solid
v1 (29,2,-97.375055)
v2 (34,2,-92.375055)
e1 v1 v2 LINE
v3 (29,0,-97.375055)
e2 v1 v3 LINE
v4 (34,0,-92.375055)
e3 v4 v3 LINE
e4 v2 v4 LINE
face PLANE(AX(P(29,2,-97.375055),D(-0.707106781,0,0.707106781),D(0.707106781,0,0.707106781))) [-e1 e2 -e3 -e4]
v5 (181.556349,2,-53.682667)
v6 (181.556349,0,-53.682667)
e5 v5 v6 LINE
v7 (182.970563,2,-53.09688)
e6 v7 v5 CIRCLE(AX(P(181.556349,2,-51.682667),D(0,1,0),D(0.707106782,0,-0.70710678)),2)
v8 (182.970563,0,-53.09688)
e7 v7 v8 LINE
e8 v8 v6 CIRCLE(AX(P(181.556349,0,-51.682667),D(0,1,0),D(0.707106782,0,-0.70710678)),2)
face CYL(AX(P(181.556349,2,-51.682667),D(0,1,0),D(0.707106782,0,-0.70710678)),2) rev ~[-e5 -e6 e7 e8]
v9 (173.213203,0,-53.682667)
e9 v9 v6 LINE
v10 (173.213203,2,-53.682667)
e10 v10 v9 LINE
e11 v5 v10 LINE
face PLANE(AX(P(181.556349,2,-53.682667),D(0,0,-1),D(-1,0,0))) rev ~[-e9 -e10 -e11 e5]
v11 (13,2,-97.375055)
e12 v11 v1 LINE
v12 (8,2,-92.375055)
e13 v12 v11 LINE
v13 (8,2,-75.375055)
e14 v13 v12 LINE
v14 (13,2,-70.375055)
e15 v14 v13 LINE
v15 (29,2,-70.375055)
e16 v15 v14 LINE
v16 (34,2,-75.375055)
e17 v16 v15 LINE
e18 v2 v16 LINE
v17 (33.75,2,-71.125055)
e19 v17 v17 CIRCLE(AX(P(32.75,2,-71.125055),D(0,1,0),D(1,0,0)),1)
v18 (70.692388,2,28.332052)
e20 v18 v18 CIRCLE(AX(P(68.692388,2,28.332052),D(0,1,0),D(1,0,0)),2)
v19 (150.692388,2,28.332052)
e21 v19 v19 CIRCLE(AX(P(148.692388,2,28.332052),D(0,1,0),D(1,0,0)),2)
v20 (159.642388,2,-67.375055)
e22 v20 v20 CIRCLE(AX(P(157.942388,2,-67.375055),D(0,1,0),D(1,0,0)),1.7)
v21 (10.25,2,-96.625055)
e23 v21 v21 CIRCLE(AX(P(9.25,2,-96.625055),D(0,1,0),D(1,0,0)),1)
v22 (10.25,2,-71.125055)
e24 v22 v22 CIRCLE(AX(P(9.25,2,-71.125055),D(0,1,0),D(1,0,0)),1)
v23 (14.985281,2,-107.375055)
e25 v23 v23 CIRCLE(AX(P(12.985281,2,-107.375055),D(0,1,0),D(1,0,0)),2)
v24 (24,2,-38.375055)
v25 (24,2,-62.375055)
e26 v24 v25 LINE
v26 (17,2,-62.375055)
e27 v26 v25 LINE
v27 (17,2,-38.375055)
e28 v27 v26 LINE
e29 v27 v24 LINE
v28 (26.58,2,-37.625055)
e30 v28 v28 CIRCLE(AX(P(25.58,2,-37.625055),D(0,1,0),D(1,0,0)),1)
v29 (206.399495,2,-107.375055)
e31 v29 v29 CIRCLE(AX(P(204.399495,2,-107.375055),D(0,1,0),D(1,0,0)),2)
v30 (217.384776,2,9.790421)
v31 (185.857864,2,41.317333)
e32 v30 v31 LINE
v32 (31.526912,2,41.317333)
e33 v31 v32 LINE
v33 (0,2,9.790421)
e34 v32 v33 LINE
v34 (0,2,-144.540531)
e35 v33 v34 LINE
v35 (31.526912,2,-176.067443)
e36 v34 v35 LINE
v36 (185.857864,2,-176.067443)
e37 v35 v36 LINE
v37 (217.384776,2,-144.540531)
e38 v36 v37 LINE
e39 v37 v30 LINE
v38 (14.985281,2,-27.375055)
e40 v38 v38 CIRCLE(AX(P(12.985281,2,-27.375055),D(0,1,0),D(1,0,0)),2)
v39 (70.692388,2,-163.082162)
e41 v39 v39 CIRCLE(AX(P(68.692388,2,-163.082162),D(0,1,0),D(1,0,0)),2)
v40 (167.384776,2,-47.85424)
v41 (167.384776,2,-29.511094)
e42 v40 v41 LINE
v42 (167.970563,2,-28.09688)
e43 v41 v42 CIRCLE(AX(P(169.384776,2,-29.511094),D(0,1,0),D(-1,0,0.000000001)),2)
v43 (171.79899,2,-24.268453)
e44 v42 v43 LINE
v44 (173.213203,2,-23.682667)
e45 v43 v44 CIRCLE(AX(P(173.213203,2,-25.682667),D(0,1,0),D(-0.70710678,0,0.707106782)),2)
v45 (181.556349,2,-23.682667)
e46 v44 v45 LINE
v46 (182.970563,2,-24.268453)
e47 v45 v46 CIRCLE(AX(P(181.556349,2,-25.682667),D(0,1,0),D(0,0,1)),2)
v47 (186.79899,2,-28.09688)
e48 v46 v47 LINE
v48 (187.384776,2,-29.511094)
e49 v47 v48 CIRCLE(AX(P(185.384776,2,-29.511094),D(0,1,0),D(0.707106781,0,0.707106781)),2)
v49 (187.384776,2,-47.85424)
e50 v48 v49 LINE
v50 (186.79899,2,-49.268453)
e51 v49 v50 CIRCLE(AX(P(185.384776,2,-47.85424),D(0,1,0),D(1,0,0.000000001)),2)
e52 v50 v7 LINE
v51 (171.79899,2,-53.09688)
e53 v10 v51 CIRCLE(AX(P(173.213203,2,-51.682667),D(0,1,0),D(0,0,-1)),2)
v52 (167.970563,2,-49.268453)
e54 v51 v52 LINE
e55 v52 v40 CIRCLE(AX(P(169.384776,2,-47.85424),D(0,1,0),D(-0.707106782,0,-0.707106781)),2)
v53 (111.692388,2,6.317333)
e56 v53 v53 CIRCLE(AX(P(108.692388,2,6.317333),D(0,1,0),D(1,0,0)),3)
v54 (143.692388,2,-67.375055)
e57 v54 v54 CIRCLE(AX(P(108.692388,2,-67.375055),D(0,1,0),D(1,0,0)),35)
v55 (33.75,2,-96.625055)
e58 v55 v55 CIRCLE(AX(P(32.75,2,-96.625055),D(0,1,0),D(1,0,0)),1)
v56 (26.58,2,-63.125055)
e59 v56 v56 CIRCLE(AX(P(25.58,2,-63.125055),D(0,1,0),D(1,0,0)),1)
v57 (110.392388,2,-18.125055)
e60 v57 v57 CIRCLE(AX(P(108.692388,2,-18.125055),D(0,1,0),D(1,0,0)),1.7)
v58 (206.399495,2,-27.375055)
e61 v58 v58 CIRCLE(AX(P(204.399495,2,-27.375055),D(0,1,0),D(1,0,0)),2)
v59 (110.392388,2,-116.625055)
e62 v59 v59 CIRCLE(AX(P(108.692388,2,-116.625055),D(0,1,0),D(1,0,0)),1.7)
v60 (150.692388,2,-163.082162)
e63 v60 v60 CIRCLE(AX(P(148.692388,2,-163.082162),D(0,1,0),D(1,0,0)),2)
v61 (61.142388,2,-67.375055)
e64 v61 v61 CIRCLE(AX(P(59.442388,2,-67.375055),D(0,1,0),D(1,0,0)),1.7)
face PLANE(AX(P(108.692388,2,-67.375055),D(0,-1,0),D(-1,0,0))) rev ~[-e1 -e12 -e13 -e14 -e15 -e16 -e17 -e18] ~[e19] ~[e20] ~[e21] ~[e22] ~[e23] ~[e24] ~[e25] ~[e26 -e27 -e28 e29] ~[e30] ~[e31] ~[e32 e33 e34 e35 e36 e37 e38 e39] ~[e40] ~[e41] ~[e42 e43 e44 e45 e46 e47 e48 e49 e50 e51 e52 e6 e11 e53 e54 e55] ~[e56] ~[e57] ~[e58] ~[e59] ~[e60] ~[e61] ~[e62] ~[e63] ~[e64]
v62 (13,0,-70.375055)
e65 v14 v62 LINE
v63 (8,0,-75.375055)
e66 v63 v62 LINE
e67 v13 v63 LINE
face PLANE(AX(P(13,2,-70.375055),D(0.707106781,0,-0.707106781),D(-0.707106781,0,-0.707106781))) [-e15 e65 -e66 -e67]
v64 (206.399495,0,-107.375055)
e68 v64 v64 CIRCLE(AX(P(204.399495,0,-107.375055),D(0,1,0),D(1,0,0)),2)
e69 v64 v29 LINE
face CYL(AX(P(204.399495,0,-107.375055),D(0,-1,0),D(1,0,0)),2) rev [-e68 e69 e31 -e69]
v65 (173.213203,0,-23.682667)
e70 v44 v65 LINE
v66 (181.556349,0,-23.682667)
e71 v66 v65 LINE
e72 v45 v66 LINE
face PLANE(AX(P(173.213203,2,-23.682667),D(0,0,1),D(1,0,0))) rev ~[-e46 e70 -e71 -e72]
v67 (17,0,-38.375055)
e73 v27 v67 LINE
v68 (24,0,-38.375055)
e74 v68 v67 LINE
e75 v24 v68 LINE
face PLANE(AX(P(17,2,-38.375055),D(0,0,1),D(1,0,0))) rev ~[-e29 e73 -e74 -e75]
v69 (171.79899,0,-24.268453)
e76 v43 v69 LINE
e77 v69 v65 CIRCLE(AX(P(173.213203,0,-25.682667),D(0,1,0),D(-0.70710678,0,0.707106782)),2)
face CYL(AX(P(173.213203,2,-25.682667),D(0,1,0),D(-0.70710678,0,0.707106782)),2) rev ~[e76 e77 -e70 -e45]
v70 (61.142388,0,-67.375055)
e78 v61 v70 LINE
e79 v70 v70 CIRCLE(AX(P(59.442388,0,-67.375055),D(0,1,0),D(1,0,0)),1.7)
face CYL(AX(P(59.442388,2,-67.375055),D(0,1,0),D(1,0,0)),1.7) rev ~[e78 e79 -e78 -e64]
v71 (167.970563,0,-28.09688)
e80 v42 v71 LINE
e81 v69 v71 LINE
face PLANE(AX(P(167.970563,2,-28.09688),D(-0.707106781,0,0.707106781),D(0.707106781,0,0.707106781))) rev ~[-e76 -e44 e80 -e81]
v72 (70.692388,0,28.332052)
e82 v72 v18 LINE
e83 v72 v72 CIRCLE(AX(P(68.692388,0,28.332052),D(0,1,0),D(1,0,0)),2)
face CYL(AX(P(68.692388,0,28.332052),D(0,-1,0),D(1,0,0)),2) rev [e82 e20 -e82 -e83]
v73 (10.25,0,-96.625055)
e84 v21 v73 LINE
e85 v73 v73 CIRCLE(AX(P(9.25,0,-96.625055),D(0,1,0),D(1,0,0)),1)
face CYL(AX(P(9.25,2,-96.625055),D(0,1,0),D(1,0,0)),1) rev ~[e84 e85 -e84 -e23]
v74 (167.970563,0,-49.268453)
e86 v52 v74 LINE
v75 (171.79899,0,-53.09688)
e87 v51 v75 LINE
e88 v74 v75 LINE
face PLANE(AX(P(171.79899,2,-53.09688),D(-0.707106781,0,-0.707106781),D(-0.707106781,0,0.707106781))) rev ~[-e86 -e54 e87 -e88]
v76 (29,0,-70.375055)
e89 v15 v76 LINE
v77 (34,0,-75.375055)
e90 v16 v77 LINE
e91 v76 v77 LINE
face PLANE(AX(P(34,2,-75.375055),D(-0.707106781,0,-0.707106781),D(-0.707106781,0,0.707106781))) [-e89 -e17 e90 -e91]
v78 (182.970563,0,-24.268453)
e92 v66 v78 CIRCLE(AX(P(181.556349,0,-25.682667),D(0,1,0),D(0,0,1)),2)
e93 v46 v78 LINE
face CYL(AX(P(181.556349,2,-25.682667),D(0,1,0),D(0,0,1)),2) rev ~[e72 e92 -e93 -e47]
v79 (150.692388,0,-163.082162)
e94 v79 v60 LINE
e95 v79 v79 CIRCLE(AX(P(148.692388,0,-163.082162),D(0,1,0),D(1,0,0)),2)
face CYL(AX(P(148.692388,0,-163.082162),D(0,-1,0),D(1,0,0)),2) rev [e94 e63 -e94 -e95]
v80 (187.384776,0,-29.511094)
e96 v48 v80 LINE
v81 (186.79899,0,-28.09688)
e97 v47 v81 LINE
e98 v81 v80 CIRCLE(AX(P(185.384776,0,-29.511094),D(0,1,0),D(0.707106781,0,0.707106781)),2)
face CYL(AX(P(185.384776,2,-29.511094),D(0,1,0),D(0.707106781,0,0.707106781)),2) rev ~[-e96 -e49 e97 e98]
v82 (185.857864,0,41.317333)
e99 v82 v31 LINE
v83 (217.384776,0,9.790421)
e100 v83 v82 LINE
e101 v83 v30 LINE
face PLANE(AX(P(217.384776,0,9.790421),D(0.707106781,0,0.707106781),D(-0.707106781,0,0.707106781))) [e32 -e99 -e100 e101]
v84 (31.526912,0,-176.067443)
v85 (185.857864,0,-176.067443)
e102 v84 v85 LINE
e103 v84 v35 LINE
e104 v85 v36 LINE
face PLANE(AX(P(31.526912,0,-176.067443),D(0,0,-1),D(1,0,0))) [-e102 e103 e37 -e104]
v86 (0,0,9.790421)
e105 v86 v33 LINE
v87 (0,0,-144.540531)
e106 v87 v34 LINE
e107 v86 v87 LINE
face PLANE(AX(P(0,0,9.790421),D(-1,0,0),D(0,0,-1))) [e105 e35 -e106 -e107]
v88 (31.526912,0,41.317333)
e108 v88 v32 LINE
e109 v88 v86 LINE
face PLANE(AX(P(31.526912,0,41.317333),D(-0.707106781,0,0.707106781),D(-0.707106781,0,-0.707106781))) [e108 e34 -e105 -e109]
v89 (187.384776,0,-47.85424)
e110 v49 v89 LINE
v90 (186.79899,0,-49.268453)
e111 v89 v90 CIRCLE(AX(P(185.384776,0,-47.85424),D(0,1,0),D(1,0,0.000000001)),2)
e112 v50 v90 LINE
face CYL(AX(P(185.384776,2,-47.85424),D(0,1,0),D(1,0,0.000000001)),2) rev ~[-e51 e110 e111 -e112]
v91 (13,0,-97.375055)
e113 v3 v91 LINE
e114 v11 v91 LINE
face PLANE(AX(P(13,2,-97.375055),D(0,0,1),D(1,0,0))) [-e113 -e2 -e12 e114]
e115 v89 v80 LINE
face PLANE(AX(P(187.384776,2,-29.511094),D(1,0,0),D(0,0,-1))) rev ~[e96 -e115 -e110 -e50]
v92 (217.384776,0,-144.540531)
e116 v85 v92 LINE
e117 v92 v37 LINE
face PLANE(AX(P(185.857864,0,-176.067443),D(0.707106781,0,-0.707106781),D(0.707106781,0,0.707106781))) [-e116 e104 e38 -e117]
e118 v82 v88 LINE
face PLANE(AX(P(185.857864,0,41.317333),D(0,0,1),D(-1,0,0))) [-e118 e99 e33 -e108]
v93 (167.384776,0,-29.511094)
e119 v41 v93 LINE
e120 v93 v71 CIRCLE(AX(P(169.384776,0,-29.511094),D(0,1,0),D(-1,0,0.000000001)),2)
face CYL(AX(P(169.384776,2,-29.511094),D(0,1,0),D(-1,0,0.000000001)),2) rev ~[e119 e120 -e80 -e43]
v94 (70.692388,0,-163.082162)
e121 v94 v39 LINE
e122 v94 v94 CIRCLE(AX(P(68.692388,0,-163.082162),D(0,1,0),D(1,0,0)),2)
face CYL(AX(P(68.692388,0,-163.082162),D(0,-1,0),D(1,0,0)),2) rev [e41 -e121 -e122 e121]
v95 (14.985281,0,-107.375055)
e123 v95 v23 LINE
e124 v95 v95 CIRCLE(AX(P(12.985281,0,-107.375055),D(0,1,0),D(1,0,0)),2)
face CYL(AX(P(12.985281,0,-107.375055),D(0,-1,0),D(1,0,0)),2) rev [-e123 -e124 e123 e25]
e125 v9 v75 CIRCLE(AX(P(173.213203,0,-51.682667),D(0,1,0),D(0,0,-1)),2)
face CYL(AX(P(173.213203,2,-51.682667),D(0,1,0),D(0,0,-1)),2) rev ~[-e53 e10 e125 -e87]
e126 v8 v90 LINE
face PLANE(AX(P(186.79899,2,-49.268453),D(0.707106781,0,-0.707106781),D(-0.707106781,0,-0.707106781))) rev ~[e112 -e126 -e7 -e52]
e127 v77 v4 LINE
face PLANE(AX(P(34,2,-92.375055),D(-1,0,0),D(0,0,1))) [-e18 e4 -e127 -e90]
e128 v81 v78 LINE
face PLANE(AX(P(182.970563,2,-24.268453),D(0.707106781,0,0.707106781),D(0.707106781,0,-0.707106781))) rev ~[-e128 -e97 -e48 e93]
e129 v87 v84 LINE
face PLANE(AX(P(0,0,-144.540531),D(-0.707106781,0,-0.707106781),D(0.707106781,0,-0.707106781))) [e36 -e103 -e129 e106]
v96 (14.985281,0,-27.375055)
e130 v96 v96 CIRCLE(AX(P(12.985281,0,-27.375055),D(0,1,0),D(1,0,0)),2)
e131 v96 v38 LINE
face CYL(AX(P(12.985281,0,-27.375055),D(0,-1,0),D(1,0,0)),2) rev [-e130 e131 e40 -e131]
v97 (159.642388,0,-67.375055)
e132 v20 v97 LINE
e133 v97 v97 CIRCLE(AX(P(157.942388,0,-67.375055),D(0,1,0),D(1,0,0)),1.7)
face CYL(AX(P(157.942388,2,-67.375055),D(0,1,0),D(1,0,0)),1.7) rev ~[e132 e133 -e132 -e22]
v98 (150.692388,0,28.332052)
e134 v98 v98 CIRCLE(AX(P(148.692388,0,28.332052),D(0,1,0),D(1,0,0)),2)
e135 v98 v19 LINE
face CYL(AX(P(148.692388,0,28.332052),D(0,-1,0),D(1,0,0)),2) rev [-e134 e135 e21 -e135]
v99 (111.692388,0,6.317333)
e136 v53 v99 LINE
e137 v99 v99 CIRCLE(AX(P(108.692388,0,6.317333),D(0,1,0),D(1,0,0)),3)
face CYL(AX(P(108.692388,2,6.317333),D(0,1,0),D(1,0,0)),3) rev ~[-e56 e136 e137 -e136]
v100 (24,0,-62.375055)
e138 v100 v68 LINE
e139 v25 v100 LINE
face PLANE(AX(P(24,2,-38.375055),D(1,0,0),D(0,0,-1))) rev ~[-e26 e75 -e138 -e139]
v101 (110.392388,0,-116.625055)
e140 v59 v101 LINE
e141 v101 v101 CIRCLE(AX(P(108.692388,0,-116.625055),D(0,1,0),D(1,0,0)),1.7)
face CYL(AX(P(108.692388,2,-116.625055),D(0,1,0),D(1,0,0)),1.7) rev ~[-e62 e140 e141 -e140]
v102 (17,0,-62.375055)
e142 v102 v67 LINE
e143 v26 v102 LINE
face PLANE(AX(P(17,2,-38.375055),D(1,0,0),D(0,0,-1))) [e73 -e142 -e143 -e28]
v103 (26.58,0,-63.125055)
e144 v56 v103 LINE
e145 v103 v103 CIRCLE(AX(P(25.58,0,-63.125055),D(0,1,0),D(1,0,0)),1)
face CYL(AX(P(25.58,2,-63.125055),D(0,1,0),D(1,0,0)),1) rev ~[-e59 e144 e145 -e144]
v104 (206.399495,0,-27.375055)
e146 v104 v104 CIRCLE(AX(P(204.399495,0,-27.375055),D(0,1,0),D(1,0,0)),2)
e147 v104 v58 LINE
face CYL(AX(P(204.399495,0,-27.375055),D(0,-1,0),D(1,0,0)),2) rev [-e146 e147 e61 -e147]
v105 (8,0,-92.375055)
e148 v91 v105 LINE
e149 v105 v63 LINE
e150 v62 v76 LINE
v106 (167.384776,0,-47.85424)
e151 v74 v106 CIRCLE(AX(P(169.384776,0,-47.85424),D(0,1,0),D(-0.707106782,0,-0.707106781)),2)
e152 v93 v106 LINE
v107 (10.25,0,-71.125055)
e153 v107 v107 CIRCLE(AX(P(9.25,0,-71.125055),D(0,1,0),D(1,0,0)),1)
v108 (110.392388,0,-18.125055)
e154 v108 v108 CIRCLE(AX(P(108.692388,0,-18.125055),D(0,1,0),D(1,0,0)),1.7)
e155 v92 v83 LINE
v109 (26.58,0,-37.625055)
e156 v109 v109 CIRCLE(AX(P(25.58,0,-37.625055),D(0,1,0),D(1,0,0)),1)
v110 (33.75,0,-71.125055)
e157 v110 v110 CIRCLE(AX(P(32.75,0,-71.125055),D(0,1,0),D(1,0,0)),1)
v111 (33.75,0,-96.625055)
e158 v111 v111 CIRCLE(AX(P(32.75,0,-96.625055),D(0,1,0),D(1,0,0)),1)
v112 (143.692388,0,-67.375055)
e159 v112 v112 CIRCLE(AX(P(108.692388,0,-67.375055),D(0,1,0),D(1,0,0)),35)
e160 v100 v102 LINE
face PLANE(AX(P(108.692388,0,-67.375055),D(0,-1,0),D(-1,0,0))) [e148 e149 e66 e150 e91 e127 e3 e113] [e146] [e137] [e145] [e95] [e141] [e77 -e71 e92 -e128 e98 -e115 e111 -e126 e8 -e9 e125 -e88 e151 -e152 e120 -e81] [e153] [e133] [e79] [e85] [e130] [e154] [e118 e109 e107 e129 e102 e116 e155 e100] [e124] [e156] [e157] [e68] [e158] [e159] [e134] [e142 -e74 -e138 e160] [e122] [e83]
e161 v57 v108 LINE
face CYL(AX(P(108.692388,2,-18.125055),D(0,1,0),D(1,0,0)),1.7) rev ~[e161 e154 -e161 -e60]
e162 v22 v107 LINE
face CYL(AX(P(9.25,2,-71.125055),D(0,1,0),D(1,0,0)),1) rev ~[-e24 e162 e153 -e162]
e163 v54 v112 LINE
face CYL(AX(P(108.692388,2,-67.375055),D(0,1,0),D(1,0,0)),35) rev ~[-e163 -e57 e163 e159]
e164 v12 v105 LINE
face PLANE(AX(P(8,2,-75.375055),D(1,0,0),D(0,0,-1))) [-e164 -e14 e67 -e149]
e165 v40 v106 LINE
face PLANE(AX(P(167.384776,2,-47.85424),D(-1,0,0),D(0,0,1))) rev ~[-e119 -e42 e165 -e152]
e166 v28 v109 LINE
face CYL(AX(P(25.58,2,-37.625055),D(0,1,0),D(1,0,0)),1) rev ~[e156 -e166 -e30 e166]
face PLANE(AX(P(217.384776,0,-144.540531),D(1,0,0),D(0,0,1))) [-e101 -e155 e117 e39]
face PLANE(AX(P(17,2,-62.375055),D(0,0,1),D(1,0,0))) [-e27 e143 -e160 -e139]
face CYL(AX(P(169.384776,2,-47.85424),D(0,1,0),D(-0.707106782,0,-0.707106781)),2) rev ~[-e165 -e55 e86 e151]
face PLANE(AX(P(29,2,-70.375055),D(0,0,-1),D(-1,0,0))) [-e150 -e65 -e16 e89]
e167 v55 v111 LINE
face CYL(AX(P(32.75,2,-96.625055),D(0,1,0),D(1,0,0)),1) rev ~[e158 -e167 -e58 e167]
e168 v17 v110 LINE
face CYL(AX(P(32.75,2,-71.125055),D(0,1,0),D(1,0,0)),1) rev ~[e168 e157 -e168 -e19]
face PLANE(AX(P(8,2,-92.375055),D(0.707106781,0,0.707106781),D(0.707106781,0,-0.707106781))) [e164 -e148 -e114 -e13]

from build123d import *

# Parameters (mm, degrees)
SKETCH_1_R          = 2
EXTRUDE_1_DEPTH     = 2
SKETCH_2_R          = 1
SKETCH_2_R_2        = 1.7
SKETCH_2_R_3        = 35
SKETCH_2_R_4        = 3
SKETCH_2_W          = 7
SKETCH_2_H          = 24
CUT_EXTRUDE_1_DEPTH = 10


with BuildPart() as part:
    # 草图1 → 凸台-拉伸1 (new body)
    with BuildSketch(Plane(origin=(0, 0, 0), x_dir=(1, 0, 0), z_dir=(0, 1, 0))):
        Polygon((0, -9.790421162), (0, 144.54053128), (31.526911935, 176.067443214), (185.857864376, 176.067443214), (217.384776311, 144.54053128), (217.384776311, -9.790421162), (185.857864376, -41.317333096), (31.526911935, -41.317333096), align=None)
        with Locations((68.692388155, 163.08216184)):
            Circle(SKETCH_1_R, mode=Mode.SUBTRACT)
        with Locations((148.692388155, 163.08216184)):
            Circle(SKETCH_1_R, mode=Mode.SUBTRACT)
        with Locations((204.399494937, 107.375055059)):
            Circle(SKETCH_1_R, mode=Mode.SUBTRACT)
        with Locations((204.399494937, 27.375055059)):
            Circle(SKETCH_1_R, mode=Mode.SUBTRACT)
        with Locations((148.692388155, -28.332051722)):
            Circle(SKETCH_1_R, mode=Mode.SUBTRACT)
        with Locations((68.692388155, -28.332051722)):
            Circle(SKETCH_1_R, mode=Mode.SUBTRACT)
        with Locations((12.985281374, 27.375055059)):
            Circle(SKETCH_1_R, mode=Mode.SUBTRACT)
        with Locations((12.985281374, 107.375055059)):
            Circle(SKETCH_1_R, mode=Mode.SUBTRACT)
    extrude(amount=EXTRUDE_1_DEPTH)

    # 草图2 → 切除-拉伸1 (cut)
    with BuildSketch(Plane(origin=(0, 2, 0), x_dir=(1, 0, 0), z_dir=(0, 1, 0))):
        with Locations((9.25, 96.625055059)):
            Circle(SKETCH_2_R)
        with Locations((108.692388155, 116.625055059)):
            Circle(SKETCH_2_R_2)
        with Locations((108.692388155, 18.125055059)):
            Circle(SKETCH_2_R_2)
        with Locations((157.942388155, 67.375055059)):
            Circle(SKETCH_2_R_2)
        with Locations((59.442388155, 67.375055059)):
            Circle(SKETCH_2_R_2)
        with Locations((108.692388155, 67.375055059)):
            Circle(SKETCH_2_R_3)
        with Locations((32.75, 96.625055059)):
            Circle(SKETCH_2_R)
        with Locations((32.75, 71.125055059)):
            Circle(SKETCH_2_R)
        with Locations((9.25, 71.125055059)):
            Circle(SKETCH_2_R)
        with Locations((25.58, 63.125055059)):
            Circle(SKETCH_2_R)
        with Locations((25.58, 37.625055059)):
            Circle(SKETCH_2_R)
        with Locations((108.692388155, -6.317333096)):
            Circle(SKETCH_2_R_4)
        Polygon((29, 97.375055059), (34, 92.375055059), (34, 75.375055059), (29, 70.375055059), (13, 70.375055059), (8, 75.375055059), (8, 92.375055059), (13, 97.375055059), align=None)
        with Locations((20.5, 50.375055059)):
            Rectangle(SKETCH_2_W, SKETCH_2_H)
        with BuildLine():
            Line((173.213203436, 23.682666904), (181.556349186, 23.682666904))
            ThreePointArc((181.556349186, 23.682666904), (182.321716051, 23.834907839), (182.970562748, 24.268453341))
            Line((182.970562748, 24.268453341), (186.798989873, 28.096880466))
            ThreePointArc((186.798989873, 28.096880466), (187.232535376, 28.745727164), (187.384776311, 29.511094028))
            Line((187.384776311, 29.511094028), (187.384776311, 47.854239779))
            ThreePointArc((187.384776311, 47.854239779), (187.232535376, 48.619606644), (186.798989873, 49.268453341))
            Line((186.798989873, 49.268453341), (182.970562748, 53.096880466))
            ThreePointArc((182.970562748, 53.096880466), (182.321716051, 53.530425969), (181.556349186, 53.682666904))
            Line((181.556349186, 53.682666904), (173.213203436, 53.682666904))
            ThreePointArc((173.213203436, 53.682666904), (172.447836571, 53.530425969), (171.798989873, 53.096880466))
            Line((171.798989873, 53.096880466), (167.970562748, 49.268453341))
            ThreePointArc((167.970562748, 49.268453341), (167.537017246, 48.619606644), (167.384776311, 47.854239779))
            Line((167.384776311, 47.854239779), (167.384776311, 29.511094028))
            ThreePointArc((167.384776311, 29.511094028), (167.537017246, 28.745727164), (167.970562748, 28.096880466))
            Line((167.970562748, 28.096880466), (171.798989873, 24.268453341))
            ThreePointArc((171.798989873, 24.268453341), (172.447836571, 23.834907839), (173.213203436, 23.682666904))
        make_face()
    extrude(amount=-CUT_EXTRUDE_1_DEPTH, mode=Mode.SUBTRACT)


solid = part.part
